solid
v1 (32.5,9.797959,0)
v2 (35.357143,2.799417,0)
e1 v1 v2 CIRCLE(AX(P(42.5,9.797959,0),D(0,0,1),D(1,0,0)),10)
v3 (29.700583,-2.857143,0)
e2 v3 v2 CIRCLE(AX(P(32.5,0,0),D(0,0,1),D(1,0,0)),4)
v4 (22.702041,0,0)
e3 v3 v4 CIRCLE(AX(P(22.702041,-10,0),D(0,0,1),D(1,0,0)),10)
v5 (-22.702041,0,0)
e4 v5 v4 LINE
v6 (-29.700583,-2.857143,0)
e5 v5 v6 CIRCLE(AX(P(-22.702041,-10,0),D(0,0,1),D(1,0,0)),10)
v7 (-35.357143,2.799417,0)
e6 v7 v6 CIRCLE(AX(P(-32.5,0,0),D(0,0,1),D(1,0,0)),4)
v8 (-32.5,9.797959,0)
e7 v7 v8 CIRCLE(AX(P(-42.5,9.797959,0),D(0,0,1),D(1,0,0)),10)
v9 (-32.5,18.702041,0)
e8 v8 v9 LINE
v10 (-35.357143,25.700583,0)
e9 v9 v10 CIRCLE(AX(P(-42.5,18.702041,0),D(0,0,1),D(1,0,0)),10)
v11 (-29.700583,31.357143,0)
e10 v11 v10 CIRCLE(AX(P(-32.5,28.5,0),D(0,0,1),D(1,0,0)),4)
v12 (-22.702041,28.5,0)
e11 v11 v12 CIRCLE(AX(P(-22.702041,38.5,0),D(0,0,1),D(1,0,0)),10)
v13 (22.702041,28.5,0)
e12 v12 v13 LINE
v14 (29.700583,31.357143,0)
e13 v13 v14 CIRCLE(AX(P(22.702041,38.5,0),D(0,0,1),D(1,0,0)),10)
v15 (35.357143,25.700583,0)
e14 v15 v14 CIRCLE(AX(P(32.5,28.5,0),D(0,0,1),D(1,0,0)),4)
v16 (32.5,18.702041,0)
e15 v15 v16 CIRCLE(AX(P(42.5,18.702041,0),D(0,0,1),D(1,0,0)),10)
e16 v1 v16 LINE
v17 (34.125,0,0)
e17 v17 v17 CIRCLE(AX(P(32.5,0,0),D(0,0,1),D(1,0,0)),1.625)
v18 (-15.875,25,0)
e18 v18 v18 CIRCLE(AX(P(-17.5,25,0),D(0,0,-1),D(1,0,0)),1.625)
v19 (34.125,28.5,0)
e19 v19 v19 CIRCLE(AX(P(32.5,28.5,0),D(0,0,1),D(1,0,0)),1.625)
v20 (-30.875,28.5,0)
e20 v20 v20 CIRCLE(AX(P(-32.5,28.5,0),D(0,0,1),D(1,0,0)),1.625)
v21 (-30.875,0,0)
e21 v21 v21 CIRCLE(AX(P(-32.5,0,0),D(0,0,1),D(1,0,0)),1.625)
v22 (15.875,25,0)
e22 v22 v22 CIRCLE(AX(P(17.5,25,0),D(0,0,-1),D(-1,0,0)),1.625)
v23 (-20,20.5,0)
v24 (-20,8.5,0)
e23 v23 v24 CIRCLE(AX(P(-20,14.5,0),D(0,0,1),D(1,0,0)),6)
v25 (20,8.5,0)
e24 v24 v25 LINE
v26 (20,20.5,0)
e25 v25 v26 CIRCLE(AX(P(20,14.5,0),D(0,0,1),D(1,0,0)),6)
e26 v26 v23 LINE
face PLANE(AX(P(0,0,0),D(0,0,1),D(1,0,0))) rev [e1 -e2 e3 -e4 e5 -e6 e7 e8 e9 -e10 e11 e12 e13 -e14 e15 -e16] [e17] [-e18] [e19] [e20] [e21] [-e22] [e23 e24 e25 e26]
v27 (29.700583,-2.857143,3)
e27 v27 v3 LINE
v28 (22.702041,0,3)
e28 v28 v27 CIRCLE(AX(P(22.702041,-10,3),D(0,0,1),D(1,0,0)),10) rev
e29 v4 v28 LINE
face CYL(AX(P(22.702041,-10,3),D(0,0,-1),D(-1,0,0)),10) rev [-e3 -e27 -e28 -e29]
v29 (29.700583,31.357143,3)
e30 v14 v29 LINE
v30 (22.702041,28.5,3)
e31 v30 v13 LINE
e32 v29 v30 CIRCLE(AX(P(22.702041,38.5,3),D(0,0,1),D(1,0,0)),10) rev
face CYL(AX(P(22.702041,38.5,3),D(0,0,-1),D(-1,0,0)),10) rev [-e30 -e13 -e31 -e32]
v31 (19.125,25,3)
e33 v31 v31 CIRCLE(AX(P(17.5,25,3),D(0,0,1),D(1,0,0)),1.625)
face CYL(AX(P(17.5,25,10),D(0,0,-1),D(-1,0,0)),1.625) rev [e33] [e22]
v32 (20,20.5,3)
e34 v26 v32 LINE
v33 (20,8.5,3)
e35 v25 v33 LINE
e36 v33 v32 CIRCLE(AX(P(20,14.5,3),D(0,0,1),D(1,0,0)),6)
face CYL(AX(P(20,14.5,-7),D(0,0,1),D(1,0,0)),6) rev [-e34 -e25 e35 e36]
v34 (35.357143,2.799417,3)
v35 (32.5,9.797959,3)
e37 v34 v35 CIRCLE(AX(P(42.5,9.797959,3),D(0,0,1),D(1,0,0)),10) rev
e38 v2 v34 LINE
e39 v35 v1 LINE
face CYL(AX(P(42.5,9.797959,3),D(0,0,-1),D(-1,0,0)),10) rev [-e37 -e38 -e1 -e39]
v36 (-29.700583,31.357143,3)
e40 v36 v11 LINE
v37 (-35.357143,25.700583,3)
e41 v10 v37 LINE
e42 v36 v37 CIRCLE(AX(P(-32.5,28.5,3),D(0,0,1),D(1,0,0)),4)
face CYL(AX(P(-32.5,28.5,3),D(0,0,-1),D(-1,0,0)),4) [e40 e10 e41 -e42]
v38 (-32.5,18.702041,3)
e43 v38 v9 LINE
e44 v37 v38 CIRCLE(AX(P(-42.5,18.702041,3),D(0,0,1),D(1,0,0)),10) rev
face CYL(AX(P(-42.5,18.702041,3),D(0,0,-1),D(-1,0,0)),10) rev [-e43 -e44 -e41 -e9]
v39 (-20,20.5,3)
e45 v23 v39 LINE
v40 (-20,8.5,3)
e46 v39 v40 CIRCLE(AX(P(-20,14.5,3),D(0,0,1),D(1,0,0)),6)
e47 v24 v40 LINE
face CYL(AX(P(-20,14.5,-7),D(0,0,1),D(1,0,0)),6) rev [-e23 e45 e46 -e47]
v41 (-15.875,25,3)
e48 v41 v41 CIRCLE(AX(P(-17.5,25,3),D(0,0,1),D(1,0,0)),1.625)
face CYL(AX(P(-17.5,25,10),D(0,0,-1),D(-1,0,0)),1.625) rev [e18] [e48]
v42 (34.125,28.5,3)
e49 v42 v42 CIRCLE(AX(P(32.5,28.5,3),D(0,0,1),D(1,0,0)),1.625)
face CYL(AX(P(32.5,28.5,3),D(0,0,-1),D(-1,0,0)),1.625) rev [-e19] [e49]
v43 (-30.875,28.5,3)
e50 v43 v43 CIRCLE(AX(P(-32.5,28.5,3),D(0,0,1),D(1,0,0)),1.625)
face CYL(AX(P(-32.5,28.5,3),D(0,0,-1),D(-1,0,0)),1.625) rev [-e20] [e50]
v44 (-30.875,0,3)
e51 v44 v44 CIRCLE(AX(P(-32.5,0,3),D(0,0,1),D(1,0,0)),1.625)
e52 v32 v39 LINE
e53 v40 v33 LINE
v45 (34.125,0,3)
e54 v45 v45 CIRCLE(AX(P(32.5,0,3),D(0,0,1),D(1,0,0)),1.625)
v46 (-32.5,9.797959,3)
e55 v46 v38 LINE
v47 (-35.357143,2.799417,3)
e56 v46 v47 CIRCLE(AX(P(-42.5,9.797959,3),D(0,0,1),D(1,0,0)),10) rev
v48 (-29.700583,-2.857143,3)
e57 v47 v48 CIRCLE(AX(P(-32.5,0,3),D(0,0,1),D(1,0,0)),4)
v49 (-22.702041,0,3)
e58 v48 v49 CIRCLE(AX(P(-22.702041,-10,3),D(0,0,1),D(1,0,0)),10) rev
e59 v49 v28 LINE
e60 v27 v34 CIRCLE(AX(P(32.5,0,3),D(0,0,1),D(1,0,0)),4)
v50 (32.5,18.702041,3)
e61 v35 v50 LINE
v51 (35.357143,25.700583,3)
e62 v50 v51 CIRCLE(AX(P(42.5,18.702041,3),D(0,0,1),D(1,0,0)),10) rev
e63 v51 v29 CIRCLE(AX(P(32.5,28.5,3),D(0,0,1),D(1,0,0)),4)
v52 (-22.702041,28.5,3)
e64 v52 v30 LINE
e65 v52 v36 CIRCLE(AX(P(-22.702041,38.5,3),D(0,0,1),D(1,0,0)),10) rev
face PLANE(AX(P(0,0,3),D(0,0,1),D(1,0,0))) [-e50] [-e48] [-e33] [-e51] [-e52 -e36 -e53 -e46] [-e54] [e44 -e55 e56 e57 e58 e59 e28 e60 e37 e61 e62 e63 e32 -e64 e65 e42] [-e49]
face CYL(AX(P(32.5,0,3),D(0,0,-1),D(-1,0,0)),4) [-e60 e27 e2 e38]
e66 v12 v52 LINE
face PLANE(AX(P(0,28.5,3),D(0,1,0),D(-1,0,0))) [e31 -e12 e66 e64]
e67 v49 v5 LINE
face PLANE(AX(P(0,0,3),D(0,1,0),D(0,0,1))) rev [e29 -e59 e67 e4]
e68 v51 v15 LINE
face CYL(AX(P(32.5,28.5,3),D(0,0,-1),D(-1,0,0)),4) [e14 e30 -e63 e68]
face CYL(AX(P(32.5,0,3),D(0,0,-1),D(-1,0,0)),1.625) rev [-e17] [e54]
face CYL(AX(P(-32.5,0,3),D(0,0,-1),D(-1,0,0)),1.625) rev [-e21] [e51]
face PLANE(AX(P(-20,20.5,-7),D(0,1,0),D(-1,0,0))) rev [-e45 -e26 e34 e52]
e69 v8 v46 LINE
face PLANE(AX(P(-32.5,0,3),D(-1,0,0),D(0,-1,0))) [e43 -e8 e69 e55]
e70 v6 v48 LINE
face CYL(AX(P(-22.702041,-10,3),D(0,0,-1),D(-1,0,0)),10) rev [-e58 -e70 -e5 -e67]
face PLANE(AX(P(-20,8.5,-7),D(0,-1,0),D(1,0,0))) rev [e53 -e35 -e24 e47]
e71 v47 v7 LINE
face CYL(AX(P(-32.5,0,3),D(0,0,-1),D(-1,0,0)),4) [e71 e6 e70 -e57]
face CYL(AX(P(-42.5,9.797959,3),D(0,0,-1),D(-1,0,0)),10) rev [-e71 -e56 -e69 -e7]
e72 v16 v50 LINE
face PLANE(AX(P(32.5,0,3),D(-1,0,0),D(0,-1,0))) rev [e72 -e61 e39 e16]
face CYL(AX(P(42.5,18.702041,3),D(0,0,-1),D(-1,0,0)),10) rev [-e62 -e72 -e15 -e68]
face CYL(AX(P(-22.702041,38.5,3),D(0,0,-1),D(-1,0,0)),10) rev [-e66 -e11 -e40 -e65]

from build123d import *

# Parameters (mm, degrees)
SKETCH_1_R          = 1.625
EXTRUDE_1_DEPTH     = 3
FILLET_1_R          = 10
SKETCH_3_R          = 1.625
CUT_EXTRUDE_1_DEPTH = 10
CUT_EXTRUDE_4_DEPTH = 10


with BuildPart() as part:
    # Эскиз1 → Бобышка-Вытянуть1 (new body)
    with BuildSketch(Plane.XY):
        with BuildLine():
            ThreePointArc((-32.5, 4), (-35.328427125, -2.828427125), (-28.5, 0))
            Line((-28.5, 0), (28.5, 0))
            ThreePointArc((28.5, 0), (35.328427125, -2.828427125), (32.5, 4))
            Line((32.5, 4), (32.5, 24.5))
            ThreePointArc((32.5, 24.5), (35.328427125, 31.328427125), (28.5, 28.5))
            Line((28.5, 28.5), (-28.5, 28.5))
            ThreePointArc((-28.5, 28.5), (-35.328427125, 31.328427125), (-32.5, 24.5))
            Line((-32.5, 24.5), (-32.5, 4))
        make_face()
        with Locations((-32.5, 0)):
            Circle(SKETCH_1_R, mode=Mode.SUBTRACT)
        with Locations((32.5, 28.5)):
            Circle(SKETCH_1_R, mode=Mode.SUBTRACT)
        with Locations((-32.5, 28.5)):
            Circle(SKETCH_1_R, mode=Mode.SUBTRACT)
        with Locations((32.5, 0)):
            Circle(SKETCH_1_R, mode=Mode.SUBTRACT)
    extrude(amount=EXTRUDE_1_DEPTH)

    # Скругление1
    fillet_1_edges = [part.edges().sort_by_distance(p)[0] for p in [
        (28.5, 0, 1.5),
        (-28.5, 0, 1.5),
        (-32.5, 4, 1.5),
        (-32.5, 24.5, 1.5),
        (-28.5, 28.5, 1.5),
        (28.5, 28.5, 1.5),
        (32.5, 24.5, 1.5),
        (32.5, 4, 1.5),
    ]]
    fillet(fillet_1_edges, radius=FILLET_1_R)

    # Эскиз3 → Вырез-Вытянуть1 (cut)
    with BuildSketch(Plane(origin=(0, 0, 0), x_dir=(-1, 0, 0), z_dir=(0, 0, -1))):
        with Locations((-17.5, 25)):
            Circle(SKETCH_3_R)
        with Locations(Location((17.5, 25, 0), (0, 0, 180))):
            Circle(SKETCH_3_R)
    extrude(amount=-CUT_EXTRUDE_1_DEPTH, mode=Mode.SUBTRACT)

    # Эскиз7 → Вырез-Вытянуть4 (cut)
    with BuildSketch(Plane.XY.offset(3)):
        with BuildLine():
            Line((-20, 20.5), (20, 20.5))
            ThreePointArc((20, 20.5), (26, 14.5), (20, 8.5))
            Line((20, 8.5), (-20, 8.5))
            ThreePointArc((-20, 8.5), (-26, 14.5), (-20, 20.5))
        make_face()
    extrude(amount=-CUT_EXTRUDE_4_DEPTH, mode=Mode.SUBTRACT)


solid = part.part
